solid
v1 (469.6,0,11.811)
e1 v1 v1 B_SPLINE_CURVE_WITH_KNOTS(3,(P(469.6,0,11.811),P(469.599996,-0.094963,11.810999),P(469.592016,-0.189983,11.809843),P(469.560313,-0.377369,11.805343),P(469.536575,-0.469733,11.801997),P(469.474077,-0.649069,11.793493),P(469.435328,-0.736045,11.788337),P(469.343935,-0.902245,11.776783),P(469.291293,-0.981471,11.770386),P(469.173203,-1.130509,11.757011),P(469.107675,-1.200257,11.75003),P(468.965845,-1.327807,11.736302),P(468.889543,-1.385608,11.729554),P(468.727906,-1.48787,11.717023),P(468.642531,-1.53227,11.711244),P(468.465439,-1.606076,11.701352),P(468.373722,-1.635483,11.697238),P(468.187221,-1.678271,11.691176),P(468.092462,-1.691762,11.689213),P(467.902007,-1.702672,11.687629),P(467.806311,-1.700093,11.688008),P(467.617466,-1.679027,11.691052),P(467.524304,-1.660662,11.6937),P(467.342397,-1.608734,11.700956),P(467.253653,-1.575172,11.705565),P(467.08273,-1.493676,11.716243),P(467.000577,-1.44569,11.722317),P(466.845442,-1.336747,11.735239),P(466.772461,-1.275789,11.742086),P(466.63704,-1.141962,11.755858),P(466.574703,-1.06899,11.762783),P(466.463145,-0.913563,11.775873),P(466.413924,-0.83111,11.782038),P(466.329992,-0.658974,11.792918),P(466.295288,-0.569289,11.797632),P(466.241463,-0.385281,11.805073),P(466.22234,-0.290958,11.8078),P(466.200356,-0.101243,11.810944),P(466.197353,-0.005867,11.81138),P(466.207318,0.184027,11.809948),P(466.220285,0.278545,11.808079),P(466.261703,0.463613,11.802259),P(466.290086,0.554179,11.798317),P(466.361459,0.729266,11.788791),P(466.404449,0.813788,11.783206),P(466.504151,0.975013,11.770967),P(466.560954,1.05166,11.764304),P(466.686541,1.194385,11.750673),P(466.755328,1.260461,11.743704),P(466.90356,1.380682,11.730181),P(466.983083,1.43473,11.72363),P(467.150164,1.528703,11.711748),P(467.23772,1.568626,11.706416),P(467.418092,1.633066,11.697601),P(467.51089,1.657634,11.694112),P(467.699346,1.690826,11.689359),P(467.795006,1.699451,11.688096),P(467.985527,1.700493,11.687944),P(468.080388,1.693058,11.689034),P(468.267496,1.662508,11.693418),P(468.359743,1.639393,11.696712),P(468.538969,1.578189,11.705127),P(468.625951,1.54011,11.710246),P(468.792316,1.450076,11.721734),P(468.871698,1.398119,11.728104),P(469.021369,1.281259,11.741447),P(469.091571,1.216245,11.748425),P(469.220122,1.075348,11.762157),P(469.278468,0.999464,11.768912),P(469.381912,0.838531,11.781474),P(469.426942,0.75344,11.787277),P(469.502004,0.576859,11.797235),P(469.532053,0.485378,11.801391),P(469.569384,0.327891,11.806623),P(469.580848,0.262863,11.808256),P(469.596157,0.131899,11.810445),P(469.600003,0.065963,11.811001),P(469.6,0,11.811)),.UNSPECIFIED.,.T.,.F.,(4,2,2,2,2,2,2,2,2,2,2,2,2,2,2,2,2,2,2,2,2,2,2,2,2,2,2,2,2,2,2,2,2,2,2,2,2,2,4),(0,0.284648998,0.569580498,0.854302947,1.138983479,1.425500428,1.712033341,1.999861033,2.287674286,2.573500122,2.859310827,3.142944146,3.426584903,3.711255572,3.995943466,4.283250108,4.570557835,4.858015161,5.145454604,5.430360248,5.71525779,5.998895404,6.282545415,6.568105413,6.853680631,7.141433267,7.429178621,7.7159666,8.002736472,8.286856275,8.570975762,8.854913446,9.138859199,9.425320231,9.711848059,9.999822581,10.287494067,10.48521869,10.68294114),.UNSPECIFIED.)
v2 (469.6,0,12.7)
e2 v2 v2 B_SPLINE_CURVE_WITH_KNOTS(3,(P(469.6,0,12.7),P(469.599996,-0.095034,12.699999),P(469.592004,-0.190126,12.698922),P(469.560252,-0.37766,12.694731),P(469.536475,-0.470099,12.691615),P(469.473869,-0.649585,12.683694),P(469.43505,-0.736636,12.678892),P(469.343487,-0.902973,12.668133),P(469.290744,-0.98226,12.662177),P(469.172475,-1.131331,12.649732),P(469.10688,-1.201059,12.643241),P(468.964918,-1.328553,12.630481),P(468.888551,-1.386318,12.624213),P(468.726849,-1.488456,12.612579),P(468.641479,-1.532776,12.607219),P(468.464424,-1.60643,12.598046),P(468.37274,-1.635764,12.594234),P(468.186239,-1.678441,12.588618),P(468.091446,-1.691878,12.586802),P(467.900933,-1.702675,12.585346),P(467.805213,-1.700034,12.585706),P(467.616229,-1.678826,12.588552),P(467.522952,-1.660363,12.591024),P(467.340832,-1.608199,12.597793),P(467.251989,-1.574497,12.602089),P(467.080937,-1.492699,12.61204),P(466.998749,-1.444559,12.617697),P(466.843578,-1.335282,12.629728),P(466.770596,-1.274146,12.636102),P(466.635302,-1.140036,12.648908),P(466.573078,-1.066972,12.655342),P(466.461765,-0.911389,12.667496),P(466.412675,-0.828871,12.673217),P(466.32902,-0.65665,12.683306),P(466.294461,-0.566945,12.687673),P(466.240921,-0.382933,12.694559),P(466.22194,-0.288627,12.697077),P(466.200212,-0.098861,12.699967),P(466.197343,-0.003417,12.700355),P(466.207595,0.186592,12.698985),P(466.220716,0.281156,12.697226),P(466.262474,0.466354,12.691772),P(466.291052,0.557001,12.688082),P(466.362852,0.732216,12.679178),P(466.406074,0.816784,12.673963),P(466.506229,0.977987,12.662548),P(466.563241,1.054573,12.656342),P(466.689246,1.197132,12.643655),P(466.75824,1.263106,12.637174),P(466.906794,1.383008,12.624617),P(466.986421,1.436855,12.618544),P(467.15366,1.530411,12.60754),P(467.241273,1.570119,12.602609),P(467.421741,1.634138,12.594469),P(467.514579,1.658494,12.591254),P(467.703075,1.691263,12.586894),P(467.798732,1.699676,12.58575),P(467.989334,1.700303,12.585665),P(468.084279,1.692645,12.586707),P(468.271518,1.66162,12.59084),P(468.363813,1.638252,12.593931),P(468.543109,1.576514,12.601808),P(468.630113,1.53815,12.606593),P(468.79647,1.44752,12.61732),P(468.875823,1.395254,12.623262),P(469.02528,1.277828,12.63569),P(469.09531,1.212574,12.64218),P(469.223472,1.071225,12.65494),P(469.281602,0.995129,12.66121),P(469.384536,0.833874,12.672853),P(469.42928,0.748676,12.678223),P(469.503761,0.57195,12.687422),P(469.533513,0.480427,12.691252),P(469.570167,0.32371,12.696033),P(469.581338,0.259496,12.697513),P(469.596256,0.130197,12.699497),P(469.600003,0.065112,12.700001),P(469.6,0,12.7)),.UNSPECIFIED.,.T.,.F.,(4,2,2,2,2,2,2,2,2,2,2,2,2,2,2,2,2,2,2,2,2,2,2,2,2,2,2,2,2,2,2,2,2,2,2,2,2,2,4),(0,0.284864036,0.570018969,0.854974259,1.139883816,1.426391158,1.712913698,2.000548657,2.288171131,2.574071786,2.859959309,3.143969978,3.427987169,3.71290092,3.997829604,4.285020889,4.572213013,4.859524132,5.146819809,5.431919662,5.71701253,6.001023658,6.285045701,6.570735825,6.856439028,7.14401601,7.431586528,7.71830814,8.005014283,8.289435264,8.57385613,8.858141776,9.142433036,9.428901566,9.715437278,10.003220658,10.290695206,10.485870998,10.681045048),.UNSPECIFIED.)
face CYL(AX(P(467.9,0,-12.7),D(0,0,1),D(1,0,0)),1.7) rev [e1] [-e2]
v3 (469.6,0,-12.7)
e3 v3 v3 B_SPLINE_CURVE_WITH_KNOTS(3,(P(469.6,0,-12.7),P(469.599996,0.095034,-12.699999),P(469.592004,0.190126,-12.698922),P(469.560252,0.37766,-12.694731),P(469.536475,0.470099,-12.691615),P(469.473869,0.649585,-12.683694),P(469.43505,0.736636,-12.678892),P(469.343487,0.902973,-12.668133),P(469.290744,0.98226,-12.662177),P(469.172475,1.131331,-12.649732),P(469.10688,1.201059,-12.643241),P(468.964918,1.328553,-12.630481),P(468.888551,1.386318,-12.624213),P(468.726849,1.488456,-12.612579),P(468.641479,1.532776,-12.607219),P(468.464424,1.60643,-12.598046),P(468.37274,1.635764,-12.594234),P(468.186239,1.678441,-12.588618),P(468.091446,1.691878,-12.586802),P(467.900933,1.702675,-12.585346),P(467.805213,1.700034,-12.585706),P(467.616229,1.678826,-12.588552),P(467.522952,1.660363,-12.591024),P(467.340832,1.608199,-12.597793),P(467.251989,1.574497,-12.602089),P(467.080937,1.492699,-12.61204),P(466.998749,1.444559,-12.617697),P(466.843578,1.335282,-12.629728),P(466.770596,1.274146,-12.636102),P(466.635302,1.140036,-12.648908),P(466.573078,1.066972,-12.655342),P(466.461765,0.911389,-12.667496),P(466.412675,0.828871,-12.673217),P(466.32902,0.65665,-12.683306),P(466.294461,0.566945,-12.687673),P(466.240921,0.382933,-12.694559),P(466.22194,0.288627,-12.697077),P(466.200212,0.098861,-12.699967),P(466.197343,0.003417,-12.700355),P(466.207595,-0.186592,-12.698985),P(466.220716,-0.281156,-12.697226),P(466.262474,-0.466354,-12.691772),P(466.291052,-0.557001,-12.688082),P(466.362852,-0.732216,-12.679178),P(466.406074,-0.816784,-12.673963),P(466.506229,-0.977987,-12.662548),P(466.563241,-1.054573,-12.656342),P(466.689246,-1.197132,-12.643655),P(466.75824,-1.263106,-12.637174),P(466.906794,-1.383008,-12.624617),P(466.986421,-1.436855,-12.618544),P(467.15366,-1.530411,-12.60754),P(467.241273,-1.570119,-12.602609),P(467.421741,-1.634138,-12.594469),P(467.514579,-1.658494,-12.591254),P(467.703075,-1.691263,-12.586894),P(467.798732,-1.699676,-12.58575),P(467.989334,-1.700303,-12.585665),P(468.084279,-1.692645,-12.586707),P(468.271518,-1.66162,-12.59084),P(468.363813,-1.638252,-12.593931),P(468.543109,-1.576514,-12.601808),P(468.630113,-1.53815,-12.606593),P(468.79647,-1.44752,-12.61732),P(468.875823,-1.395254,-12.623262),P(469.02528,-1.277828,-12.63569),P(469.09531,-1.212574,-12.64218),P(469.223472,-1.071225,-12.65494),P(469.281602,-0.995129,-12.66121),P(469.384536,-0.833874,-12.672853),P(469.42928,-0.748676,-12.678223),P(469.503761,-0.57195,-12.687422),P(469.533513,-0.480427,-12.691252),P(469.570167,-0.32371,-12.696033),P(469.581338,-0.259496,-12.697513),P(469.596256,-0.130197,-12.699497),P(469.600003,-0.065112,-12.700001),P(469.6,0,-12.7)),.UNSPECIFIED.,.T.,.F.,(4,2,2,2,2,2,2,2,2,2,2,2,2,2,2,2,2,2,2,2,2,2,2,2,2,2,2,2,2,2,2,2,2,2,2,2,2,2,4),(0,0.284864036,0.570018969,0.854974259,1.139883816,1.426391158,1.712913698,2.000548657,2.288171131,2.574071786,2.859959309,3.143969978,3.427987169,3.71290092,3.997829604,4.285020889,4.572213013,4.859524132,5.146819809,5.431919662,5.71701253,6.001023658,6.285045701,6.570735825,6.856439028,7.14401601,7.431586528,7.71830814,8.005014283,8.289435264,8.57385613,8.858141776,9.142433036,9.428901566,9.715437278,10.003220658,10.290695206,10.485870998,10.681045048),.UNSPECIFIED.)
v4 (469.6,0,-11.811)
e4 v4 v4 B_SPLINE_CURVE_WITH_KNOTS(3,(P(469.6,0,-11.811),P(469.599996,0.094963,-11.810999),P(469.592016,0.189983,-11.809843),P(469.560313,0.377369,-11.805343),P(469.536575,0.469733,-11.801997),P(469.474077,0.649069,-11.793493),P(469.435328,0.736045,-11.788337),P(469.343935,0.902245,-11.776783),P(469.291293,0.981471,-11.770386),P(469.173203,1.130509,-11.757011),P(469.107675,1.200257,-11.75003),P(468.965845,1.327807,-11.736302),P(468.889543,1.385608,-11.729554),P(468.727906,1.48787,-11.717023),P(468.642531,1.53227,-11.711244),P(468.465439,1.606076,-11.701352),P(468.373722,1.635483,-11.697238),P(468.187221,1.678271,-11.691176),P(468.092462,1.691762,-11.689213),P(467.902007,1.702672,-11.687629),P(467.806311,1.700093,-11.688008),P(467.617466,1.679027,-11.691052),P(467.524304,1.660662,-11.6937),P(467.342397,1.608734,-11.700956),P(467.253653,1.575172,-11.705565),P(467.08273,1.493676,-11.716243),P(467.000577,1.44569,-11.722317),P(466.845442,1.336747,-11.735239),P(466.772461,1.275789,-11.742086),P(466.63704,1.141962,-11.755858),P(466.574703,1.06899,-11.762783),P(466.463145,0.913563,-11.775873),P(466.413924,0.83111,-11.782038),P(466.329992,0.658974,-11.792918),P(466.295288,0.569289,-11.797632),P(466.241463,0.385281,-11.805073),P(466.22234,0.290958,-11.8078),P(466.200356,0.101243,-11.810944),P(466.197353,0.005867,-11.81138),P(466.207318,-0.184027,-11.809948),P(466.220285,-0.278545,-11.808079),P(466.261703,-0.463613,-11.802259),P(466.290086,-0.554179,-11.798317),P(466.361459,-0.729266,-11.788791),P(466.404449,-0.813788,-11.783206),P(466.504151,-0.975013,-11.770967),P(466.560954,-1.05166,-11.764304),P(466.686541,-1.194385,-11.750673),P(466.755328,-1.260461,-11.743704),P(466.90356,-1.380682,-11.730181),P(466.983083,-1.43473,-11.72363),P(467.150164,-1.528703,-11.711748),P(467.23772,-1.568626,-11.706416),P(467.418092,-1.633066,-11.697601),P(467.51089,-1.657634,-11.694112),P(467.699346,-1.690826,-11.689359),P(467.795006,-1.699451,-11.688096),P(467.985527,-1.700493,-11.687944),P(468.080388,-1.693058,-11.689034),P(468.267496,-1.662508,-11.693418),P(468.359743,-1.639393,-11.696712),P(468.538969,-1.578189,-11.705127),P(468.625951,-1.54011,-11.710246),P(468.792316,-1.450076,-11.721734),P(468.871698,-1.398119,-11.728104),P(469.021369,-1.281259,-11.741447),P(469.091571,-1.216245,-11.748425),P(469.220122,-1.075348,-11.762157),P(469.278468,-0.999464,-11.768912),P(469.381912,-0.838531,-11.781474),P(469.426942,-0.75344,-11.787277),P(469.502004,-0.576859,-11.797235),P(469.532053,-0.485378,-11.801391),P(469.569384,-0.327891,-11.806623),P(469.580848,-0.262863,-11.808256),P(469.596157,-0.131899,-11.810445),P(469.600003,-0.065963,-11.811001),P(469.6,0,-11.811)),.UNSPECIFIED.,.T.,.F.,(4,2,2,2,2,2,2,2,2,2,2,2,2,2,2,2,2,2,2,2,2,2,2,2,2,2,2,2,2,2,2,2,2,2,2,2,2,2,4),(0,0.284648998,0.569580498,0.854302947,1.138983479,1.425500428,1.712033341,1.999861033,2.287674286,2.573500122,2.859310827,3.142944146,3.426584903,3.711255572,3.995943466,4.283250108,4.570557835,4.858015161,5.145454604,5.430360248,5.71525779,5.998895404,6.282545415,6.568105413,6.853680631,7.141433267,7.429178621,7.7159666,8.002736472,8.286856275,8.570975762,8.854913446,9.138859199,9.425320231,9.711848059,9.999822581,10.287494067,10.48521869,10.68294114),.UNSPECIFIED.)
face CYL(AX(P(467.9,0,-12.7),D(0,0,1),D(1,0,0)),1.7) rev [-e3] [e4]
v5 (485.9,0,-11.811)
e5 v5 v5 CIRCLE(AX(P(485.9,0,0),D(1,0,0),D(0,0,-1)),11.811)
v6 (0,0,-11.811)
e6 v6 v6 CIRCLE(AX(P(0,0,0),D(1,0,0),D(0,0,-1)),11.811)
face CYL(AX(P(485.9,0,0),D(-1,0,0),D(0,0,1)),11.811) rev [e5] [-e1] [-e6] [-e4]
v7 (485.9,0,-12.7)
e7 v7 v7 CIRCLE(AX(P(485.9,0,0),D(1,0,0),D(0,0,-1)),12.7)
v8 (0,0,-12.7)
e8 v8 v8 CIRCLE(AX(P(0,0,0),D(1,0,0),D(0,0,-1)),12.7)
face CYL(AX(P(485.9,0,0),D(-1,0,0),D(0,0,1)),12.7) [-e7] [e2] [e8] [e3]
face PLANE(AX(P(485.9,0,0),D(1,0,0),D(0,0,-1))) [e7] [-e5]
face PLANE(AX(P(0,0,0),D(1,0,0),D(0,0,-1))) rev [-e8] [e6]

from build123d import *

# Parameters (mm, degrees)
SKETCH1_R               = 12.7
SKETCH1_R_2             = 11.811
BOSS_EXTRUDE1_DEPTH     = 485.9
CUT_EXTRUDE1_DEPTH      = 487.231827424
CUT_EXTRUDE1_DEPTH_BACK = 487.231827424
SKETCH2_R               = 1.7


with BuildPart() as part:
    # Sketch1 → Boss-Extrude1 (new body)
    with BuildSketch(Plane(origin=(0, 0, 0), x_dir=(0, 0, -1), z_dir=(1, 0, 0))):
        Circle(SKETCH1_R)
        Circle(SKETCH1_R_2, mode=Mode.SUBTRACT)
    extrude(amount=BOSS_EXTRUDE1_DEPTH)

    # Sketch2 → Cut-Extrude1 (cut, two sides: drawn at the far end of the back side and taken through both)
    with BuildSketch(Plane.XY.offset(-CUT_EXTRUDE1_DEPTH_BACK)):
        with Locations((467.9, 0)):
            Circle(SKETCH2_R)
    extrude(amount=CUT_EXTRUDE1_DEPTH + CUT_EXTRUDE1_DEPTH_BACK, mode=Mode.SUBTRACT)


solid = part.part
